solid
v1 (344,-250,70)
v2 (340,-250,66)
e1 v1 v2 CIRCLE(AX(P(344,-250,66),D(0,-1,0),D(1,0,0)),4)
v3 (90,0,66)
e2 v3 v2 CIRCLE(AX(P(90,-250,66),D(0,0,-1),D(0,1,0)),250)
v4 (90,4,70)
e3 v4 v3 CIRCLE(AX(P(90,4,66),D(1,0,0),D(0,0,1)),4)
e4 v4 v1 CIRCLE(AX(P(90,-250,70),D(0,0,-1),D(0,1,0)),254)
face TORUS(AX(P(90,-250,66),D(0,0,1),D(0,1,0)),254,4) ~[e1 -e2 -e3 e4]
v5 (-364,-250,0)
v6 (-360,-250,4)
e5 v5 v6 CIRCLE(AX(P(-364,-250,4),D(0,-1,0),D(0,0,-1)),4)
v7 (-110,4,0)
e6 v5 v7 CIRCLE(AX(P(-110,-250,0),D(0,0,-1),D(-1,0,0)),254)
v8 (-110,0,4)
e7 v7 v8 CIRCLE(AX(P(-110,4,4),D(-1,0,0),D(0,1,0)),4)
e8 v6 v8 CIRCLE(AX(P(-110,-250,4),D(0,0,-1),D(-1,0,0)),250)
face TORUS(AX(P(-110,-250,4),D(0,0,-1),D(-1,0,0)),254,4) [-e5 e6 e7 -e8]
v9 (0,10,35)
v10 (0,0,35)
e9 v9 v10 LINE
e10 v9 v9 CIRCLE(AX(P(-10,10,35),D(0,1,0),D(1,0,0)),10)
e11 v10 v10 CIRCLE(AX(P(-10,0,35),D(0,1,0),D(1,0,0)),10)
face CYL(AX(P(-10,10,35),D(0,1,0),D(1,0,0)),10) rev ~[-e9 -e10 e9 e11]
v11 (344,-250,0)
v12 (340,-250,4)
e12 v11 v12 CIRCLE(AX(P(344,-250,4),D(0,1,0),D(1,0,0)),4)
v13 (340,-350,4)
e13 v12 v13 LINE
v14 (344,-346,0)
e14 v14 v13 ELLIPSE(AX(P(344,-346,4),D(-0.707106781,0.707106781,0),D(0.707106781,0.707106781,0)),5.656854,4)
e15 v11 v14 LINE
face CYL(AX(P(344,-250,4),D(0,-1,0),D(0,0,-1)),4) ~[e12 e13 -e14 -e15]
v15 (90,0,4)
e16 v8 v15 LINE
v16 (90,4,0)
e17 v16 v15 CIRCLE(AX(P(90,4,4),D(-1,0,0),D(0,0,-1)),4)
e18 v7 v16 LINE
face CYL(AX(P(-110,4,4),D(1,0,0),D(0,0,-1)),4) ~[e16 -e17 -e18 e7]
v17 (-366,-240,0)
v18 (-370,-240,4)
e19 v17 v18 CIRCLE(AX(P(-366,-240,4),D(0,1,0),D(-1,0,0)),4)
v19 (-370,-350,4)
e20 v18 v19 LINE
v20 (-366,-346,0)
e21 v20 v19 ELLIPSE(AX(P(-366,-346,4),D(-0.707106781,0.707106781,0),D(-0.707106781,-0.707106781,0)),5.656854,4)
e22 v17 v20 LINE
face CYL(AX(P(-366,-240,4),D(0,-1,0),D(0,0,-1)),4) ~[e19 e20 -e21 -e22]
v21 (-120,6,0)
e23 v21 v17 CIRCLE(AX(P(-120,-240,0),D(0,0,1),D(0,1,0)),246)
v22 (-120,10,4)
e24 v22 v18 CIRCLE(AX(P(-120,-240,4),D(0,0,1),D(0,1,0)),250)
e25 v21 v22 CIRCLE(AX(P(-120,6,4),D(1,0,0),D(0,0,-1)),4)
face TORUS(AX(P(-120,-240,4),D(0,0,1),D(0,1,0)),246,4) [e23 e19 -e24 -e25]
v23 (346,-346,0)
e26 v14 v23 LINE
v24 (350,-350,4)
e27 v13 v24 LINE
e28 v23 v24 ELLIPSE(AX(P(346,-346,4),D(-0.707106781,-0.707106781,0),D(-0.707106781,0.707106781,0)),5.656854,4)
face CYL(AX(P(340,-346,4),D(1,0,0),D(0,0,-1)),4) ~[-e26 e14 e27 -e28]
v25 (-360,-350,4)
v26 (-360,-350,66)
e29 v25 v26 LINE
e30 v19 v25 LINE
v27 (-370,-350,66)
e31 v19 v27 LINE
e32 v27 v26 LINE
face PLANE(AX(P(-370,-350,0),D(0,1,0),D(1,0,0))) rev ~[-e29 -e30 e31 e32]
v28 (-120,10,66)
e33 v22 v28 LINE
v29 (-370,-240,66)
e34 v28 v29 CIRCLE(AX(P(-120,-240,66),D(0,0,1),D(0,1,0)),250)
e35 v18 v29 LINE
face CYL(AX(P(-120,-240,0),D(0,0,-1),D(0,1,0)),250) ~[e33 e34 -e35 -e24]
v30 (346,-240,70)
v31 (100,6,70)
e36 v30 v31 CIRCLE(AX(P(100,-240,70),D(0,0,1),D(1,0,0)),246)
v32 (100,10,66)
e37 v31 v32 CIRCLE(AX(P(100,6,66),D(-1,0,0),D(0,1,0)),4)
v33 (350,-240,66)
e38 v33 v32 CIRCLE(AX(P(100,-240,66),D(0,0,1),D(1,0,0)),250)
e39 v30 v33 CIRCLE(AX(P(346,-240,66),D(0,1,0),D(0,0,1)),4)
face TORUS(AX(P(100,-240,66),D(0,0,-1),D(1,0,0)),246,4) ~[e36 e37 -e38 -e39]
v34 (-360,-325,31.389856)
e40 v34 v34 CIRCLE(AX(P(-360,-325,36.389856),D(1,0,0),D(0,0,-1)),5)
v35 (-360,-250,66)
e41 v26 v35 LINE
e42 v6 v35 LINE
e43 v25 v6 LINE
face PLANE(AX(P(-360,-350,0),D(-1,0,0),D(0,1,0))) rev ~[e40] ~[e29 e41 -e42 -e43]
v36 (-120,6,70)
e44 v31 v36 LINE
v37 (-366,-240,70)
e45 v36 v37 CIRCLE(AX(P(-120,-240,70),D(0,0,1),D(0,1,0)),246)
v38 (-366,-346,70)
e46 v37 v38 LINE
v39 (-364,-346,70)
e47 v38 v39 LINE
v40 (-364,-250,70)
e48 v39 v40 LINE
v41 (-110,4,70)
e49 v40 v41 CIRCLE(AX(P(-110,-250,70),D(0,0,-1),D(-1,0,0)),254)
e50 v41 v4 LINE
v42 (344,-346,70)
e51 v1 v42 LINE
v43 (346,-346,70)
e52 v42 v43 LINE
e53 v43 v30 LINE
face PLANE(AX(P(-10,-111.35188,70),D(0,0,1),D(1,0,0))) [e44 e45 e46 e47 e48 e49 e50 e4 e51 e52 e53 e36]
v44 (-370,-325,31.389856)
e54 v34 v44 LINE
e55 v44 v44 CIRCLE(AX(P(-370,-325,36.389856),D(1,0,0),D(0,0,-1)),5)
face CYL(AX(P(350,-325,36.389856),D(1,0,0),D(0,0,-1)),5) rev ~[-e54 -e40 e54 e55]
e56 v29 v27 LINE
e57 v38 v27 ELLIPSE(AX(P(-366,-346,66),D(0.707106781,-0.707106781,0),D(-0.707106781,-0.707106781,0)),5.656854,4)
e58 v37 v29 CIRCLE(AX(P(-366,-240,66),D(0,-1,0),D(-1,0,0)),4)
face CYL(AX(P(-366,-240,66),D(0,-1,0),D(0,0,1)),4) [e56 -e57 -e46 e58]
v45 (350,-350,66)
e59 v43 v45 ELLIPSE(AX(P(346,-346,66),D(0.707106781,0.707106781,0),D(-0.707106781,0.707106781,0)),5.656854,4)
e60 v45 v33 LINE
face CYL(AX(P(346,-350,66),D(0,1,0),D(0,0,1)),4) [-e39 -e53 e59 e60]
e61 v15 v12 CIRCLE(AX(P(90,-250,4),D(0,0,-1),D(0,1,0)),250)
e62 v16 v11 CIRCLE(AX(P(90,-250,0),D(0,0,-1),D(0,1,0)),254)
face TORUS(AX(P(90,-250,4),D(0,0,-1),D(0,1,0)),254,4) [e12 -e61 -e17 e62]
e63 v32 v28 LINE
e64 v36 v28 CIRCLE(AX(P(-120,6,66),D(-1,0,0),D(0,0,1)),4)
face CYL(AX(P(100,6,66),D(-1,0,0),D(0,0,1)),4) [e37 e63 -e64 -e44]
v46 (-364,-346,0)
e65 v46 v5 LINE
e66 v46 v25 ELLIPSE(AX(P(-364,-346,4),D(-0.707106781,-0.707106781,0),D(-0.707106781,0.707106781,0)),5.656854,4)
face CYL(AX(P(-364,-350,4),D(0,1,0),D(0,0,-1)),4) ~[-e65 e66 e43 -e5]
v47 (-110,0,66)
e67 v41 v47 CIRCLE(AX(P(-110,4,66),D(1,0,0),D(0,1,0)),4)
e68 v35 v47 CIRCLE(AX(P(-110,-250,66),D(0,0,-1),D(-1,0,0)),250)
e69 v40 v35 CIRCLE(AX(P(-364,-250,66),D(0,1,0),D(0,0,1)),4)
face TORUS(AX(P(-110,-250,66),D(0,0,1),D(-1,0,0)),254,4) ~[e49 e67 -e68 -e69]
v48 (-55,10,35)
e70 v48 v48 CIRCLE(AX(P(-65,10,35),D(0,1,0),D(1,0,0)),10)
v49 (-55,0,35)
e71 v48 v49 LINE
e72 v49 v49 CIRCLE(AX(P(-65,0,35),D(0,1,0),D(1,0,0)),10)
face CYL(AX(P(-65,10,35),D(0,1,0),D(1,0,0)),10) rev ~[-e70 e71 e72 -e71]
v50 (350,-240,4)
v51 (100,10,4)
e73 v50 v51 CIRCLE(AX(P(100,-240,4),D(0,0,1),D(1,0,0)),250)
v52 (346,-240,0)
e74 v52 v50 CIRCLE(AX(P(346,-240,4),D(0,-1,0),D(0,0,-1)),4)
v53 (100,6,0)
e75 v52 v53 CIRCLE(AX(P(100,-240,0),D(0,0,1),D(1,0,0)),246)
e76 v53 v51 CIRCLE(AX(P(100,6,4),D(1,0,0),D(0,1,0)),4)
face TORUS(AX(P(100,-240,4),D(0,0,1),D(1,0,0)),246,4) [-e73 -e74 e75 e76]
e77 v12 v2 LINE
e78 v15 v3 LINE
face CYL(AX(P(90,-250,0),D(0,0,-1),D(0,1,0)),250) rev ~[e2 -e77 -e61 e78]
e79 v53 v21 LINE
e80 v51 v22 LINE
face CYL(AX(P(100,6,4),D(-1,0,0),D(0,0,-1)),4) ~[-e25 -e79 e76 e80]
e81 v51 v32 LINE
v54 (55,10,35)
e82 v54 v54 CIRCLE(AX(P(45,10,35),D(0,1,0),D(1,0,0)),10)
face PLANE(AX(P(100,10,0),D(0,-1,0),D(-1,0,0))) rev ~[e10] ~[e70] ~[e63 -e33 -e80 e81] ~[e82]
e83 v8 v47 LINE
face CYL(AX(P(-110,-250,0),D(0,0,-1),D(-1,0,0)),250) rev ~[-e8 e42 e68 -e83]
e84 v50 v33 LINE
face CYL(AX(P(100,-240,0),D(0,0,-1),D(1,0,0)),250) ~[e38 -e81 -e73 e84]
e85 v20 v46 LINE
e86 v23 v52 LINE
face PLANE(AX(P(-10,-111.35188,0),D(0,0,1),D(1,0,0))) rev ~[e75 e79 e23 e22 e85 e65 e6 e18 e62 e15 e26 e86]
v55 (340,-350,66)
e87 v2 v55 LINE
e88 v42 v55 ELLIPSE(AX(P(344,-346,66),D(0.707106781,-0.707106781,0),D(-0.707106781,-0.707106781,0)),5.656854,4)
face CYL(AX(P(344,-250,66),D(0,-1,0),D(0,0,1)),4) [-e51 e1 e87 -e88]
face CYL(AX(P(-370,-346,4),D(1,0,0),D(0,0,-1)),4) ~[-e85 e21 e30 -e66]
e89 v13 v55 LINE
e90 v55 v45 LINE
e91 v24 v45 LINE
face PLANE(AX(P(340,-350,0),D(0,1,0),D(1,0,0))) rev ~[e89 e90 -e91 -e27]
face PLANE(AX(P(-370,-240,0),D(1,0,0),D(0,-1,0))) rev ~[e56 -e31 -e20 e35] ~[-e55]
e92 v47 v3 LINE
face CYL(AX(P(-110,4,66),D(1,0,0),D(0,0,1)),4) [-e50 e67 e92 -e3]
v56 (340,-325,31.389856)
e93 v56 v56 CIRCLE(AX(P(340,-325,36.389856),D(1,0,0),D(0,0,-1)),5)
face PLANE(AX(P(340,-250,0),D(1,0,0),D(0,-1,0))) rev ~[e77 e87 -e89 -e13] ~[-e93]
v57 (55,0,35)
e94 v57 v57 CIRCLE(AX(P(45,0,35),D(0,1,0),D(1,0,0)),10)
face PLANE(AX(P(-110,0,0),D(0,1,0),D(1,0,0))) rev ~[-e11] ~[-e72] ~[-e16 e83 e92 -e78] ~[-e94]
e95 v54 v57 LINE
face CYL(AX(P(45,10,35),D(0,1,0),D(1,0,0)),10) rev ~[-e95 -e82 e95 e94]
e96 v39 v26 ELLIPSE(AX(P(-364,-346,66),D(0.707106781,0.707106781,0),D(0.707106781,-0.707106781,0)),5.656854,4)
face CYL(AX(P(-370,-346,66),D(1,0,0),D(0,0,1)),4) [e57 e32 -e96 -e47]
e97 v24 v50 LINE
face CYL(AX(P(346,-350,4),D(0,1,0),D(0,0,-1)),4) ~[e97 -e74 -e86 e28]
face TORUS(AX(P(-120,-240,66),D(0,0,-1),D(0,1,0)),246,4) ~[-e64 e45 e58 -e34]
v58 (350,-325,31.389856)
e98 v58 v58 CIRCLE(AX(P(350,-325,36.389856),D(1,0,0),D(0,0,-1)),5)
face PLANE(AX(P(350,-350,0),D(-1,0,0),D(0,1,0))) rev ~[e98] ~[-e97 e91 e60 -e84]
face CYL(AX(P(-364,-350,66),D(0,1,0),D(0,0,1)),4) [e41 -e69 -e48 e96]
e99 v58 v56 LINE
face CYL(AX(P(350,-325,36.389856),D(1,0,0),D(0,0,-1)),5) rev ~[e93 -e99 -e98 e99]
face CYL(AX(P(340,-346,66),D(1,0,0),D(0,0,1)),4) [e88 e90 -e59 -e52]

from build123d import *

# Parameters (mm, degrees)
BOSS_EXTRUDE1_DEPTH = 70
SKETCH2_R           = 5
CUT_EXTRUDE1_DEPTH  = 816
SKETCH3_R           = 10
CUT_EXTRUDE2_DEPTH  = 143
FILLET1_R           = 4


with BuildPart() as part:
    # Sketch1 → Boss-Extrude1 (new body)
    with BuildSketch(Plane.XY):
        with BuildLine():
            Line((-110, 0), (90, 0))
            ThreePointArc((90, 0), (266.776695297, -73.223304703), (340, -250))
            Line((340, -250), (340, -350))
            Line((340, -350), (350, -350))
            Line((350, -350), (350, -240))
            ThreePointArc((350, -240), (276.776695297, -63.223304703), (100, 10))
            Line((100, 10), (-120, 10))
            ThreePointArc((-120, 10), (-296.776695297, -63.223304703), (-370, -240))
            Line((-370, -240), (-370, -350))
            Line((-370, -350), (-360, -350))
            Line((-360, -350), (-360, -250))
            ThreePointArc((-360, -250), (-286.776695297, -73.223304703), (-110, 0))
        make_face()
    extrude(amount=BOSS_EXTRUDE1_DEPTH)

    # Sketch2 → Cut-Extrude1 (cut)
    with BuildSketch(Plane(origin=(350, 0, 0), x_dir=(0, 0, -1), z_dir=(1, 0, 0))):
        with Locations((-36.389856075, -325)):
            Circle(SKETCH2_R)
    extrude(amount=-CUT_EXTRUDE1_DEPTH, mode=Mode.SUBTRACT)

    # Sketch3 → Cut-Extrude2 (cut)
    with BuildSketch(Plane(origin=(0, 10, 0), x_dir=(1, 0, 0), z_dir=(0, 1, 0))):
        with Locations((-65, -35)):
            Circle(SKETCH3_R)
        with Locations((-10, -35)):
            Circle(SKETCH3_R)
        with Locations((45, -35)):
            Circle(SKETCH3_R)
    extrude(amount=-CUT_EXTRUDE2_DEPTH, mode=Mode.SUBTRACT)

    # Fillet1
    fillet1_edges = [part.edges().sort_by_distance(p)[0] for p in [
        (-296.776695297, -63.223304703, 70),
        (350, -295, 0),
        (345, -350, 0),
        (340, -300, 0),
        (266.776695297, -73.223304703, 0),
        (-10, 0, 0),
        (-286.776695297, -73.223304703, 0),
        (-370, -295, 70),
        (-360, -300, 0),
        (-365, -350, 0),
        (-370, -295, 0),
        (-296.776695297, -63.223304703, 0),
        (-10, 10, 0),
        (276.776695297, -63.223304703, 0),
        (-365, -350, 70),
        (-360, -300, 70),
        (-286.776695297, -73.223304703, 70),
        (-10, 0, 70),
        (266.776695297, -73.223304703, 70),
        (340, -300, 70),
        (345, -350, 70),
        (350, -295, 70),
        (276.776695297, -63.223304703, 70),
        (-10, 10, 70),
    ]]
    fillet(fillet1_edges, radius=FILLET1_R)


solid = part.part
